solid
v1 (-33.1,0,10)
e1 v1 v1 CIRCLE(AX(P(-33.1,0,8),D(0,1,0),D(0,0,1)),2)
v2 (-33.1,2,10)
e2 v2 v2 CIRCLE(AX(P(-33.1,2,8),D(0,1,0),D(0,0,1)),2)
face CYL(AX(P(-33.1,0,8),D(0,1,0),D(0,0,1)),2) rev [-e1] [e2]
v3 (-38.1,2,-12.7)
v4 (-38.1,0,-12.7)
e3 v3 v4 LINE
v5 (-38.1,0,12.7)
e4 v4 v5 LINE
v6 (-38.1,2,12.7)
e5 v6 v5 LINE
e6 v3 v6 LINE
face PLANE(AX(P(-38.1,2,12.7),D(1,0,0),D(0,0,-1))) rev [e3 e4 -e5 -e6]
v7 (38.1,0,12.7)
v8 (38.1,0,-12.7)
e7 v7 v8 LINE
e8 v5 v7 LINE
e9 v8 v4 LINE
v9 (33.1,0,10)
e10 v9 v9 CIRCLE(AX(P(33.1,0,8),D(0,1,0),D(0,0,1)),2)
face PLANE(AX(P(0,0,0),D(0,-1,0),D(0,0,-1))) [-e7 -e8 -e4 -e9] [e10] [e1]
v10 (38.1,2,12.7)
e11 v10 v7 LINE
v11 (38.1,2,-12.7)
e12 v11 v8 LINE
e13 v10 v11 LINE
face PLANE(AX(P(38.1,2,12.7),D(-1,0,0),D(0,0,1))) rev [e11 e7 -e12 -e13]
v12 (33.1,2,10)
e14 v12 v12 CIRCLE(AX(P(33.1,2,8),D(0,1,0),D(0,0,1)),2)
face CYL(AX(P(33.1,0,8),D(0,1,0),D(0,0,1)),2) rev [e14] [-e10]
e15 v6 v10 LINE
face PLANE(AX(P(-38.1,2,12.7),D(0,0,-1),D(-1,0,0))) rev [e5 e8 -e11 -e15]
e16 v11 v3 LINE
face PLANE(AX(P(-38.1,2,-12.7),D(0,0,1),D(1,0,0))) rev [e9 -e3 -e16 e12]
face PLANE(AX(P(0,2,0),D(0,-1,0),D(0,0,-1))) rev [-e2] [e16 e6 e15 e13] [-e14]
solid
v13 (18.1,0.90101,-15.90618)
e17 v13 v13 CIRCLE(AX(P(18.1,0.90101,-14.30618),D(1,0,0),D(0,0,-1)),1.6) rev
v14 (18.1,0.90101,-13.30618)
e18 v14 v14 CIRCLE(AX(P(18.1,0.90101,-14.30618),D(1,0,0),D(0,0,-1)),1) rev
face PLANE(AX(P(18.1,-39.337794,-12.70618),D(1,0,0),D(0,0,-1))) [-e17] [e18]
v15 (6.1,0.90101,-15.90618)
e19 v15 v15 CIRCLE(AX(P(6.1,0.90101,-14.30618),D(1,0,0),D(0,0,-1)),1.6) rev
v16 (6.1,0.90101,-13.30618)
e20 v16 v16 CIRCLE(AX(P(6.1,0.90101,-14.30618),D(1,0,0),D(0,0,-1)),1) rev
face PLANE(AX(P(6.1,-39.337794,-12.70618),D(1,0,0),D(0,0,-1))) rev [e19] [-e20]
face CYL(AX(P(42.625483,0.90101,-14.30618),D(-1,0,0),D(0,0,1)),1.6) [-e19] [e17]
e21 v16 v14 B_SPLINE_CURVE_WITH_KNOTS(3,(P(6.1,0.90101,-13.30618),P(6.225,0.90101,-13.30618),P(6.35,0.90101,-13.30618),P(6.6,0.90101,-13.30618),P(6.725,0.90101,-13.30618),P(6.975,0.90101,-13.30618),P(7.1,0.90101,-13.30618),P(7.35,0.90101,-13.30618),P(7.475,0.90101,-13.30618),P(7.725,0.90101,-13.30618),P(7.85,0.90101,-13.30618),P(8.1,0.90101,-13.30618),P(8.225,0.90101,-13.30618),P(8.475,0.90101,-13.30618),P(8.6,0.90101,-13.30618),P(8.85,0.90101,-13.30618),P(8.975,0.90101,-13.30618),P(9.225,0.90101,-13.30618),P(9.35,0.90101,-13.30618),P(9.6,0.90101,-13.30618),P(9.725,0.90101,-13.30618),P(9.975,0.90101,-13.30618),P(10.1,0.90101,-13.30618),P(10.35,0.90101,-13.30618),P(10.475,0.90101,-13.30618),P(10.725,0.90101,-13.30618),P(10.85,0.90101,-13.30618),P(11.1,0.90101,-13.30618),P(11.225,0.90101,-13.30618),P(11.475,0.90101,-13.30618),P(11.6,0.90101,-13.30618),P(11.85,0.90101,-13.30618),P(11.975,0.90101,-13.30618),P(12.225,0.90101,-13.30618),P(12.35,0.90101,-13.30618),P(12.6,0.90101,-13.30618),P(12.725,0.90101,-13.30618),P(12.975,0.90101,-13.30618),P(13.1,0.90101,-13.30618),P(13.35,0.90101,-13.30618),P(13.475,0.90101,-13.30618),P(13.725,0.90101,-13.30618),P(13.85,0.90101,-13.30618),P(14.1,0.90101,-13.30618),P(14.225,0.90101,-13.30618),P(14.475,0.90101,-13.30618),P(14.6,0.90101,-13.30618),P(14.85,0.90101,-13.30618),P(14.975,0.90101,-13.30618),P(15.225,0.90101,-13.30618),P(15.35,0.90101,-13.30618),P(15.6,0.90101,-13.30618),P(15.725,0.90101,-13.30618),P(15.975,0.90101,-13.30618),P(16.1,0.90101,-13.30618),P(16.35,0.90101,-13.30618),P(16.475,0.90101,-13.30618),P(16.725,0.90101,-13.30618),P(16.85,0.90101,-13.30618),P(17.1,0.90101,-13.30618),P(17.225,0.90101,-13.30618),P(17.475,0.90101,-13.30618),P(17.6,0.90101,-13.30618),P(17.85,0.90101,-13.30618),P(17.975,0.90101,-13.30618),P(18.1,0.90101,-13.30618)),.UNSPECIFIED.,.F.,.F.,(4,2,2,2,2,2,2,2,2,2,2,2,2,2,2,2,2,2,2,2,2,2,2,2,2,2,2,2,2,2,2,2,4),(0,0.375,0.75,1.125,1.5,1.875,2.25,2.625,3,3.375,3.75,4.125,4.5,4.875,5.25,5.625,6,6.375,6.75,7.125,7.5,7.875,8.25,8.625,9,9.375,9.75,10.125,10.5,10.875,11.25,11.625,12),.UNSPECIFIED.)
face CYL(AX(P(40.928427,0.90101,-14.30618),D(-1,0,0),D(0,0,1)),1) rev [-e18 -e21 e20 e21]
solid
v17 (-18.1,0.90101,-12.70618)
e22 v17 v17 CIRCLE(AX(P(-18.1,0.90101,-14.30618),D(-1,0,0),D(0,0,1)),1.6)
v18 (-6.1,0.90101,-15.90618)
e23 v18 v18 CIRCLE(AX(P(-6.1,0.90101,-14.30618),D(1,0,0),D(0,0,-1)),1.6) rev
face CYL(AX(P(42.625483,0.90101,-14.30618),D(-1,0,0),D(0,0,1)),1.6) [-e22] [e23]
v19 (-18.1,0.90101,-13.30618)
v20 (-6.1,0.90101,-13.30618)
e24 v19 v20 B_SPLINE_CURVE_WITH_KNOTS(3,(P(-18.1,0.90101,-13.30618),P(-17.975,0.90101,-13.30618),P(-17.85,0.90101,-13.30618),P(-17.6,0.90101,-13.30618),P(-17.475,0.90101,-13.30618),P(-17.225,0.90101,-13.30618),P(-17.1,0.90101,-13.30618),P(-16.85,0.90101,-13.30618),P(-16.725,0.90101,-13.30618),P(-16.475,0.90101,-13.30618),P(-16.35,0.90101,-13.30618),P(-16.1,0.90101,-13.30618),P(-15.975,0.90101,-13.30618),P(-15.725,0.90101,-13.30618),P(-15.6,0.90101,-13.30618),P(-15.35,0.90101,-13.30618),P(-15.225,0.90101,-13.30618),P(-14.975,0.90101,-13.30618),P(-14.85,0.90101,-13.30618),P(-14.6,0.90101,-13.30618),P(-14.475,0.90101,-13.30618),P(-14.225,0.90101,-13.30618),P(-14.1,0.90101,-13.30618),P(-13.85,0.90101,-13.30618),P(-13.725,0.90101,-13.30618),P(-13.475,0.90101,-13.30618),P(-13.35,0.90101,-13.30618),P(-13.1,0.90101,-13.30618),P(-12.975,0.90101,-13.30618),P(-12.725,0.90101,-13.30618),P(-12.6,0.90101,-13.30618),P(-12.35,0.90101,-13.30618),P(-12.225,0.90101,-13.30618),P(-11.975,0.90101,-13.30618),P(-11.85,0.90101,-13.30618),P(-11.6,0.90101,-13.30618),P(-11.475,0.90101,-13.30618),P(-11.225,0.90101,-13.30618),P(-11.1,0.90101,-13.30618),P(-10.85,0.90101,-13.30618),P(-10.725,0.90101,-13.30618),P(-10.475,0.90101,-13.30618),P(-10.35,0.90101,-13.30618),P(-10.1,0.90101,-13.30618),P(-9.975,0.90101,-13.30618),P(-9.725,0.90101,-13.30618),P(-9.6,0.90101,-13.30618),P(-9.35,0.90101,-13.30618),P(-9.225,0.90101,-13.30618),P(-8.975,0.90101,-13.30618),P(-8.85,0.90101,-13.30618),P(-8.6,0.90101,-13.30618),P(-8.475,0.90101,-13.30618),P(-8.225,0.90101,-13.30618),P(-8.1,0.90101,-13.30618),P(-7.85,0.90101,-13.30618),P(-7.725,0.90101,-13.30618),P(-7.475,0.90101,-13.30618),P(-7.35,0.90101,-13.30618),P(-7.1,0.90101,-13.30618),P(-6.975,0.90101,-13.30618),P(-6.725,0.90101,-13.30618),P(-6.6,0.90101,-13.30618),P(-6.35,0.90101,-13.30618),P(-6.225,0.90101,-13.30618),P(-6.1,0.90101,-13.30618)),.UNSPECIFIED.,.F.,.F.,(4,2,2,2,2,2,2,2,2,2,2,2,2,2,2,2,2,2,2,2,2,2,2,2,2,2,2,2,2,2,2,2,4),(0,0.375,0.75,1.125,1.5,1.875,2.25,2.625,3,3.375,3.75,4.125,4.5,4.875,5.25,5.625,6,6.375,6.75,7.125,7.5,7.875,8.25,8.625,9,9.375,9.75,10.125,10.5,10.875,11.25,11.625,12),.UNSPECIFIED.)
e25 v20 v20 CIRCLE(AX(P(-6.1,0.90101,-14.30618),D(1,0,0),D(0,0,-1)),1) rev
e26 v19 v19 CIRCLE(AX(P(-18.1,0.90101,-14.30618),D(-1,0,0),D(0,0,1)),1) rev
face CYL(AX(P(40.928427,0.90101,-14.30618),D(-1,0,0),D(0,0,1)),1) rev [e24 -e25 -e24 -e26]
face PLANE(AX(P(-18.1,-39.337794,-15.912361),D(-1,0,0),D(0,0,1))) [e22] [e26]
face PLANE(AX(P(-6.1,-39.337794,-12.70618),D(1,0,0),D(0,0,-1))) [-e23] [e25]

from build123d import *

# Parameters (mm, degrees)
CROQUIS1_W                        = 76.2
CROQUIS1_H                        = 25.4
SALIENTE_EXTRUIR1_DEPTH           = 2
CROQUIS2_R                        = 1.6
SALIENTE_EXTRUIR2_DEPTH           = 76.2
CROQUIS3_R                        = 2
CORTAR_EXTRUIR1_DEPTH             = 2
CROQUIS4_R                        = 1
CORTAR_EXTRUIR2_DEPTH             = 76.2
CORTAR_EXTRUIR5_REACH             = 43.375
CROQUIS5_W                        = 20
CROQUIS5_H                        = 3.21236059
CROQUIS5_H_2                      = 3.2
CROQUIS5_W_2                      = 12.2
CORTAR_EXTRUIR5_DIRECTION_2_REACH = 43.375


with BuildPart() as part:
    # Croquis1 → Saliente-Extruir1 (new body)
    with BuildSketch(Plane(origin=(0, 0, 0), x_dir=(1, 0, 0), z_dir=(0, 1, 0))):
        Rectangle(CROQUIS1_W, CROQUIS1_H)
    extrude(amount=SALIENTE_EXTRUIR1_DEPTH)

    # Croquis3 → Cortar-Extruir1 (cut)
    with BuildSketch(Plane(origin=(0, 2, 0), x_dir=(1, 0, 0), z_dir=(0, 1, 0))):
        with Locations(Location((-33.1, -8, 0), (0, 0, 270))):
            Circle(CROQUIS3_R)
        with Locations(Location((33.1, -8, 0), (0, 0, 270))):
            Circle(CROQUIS3_R)
    extrude(amount=-CORTAR_EXTRUIR1_DEPTH, mode=Mode.SUBTRACT)


with BuildPart() as body_2:
    # Croquis2 → Saliente-Extruir2 (new body)
    with BuildSketch(Plane.ZY.offset(38.1)):
        with Locations((-14.306180295, 0.901009784)):
            Circle(CROQUIS2_R)
    extrude(amount=-SALIENTE_EXTRUIR2_DEPTH)

    # Croquis4 → Cortar-Extruir2 (cut)
    with BuildSketch(Plane.ZY.offset(38.1)):
        with Locations((-14.306180295, 0.901009784)):
            Circle(CROQUIS4_R)
    extrude(amount=-CORTAR_EXTRUIR2_DEPTH, mode=Mode.SUBTRACT)

    # Croquis5 → Cortar-Extruir5 (cut, up to next)
    with BuildSketch(Plane(origin=(0, 2, 0), x_dir=(1, 0, 0), z_dir=(0, 1, 0)), mode=Mode.PRIVATE) as cortar_extruir5_sk1:
        with Locations((-28.1, 14.306180295)):
            Rectangle(CROQUIS5_W, CROQUIS5_H)
    cortar_extruir5_tool1 = extrude(cortar_extruir5_sk1.sketch, amount=-CORTAR_EXTRUIR5_REACH, mode=Mode.PRIVATE) & body_2.part
    # Croquis5 → Cortar-Extruir5 (cut, up to next)
    with BuildSketch(Plane(origin=(0, 2, 0), x_dir=(1, 0, 0), z_dir=(0, 1, 0)), mode=Mode.PRIVATE) as cortar_extruir5_sk2:
        with Locations((28.1, 14.306180295)):
            Rectangle(CROQUIS5_W, CROQUIS5_H_2)
    cortar_extruir5_tool2 = extrude(cortar_extruir5_sk2.sketch, amount=-CORTAR_EXTRUIR5_REACH, mode=Mode.PRIVATE) & body_2.part
    # Croquis5 → Cortar-Extruir5 (cut, up to next)
    with BuildSketch(Plane(origin=(0, 2, 0), x_dir=(1, 0, 0), z_dir=(0, 1, 0)), mode=Mode.PRIVATE) as cortar_extruir5_sk3:
        with Locations((0, 14.306180295)):
            Rectangle(CROQUIS5_W_2, CROQUIS5_H_2)
    cortar_extruir5_tool3 = extrude(cortar_extruir5_sk3.sketch, amount=-CORTAR_EXTRUIR5_REACH, mode=Mode.PRIVATE) & body_2.part
    add(cortar_extruir5_tool1.solids().sort_by_distance((-28.1, 2, -14.30618))[0], mode=Mode.SUBTRACT)
    add(cortar_extruir5_tool2.solids().sort_by_distance((28.1, 2, -14.30618))[0], mode=Mode.SUBTRACT)
    add(cortar_extruir5_tool3.solids().sort_by_distance((0, 2, -14.30618))[0], mode=Mode.SUBTRACT)

    # Croquis5 → Cortar-Extruir5 direction 2 (cut, up to next)
    with BuildSketch(Plane(origin=(0, 2, 0), x_dir=(1, 0, 0), z_dir=(0, 1, 0)), mode=Mode.PRIVATE) as cortar_extruir5_direction_2_sk1:
        with Locations((-28.1, 14.306180295)):
            Rectangle(CROQUIS5_W, CROQUIS5_H)
    cortar_extruir5_direction_2_tool1 = extrude(cortar_extruir5_direction_2_sk1.sketch, amount=CORTAR_EXTRUIR5_DIRECTION_2_REACH, mode=Mode.PRIVATE) & body_2.part
    # Croquis5 → Cortar-Extruir5 direction 2 (cut, up to next)
    with BuildSketch(Plane(origin=(0, 2, 0), x_dir=(1, 0, 0), z_dir=(0, 1, 0)), mode=Mode.PRIVATE) as cortar_extruir5_direction_2_sk2:
        with Locations((28.1, 14.306180295)):
            Rectangle(CROQUIS5_W, CROQUIS5_H_2)
    cortar_extruir5_direction_2_tool2 = extrude(cortar_extruir5_direction_2_sk2.sketch, amount=CORTAR_EXTRUIR5_DIRECTION_2_REACH, mode=Mode.PRIVATE) & body_2.part
    # Croquis5 → Cortar-Extruir5 direction 2 (cut, up to next)
    with BuildSketch(Plane(origin=(0, 2, 0), x_dir=(1, 0, 0), z_dir=(0, 1, 0)), mode=Mode.PRIVATE) as cortar_extruir5_direction_2_sk3:
        with Locations((0, 14.306180295)):
            Rectangle(CROQUIS5_W_2, CROQUIS5_H_2)
    cortar_extruir5_direction_2_tool3 = extrude(cortar_extruir5_direction_2_sk3.sketch, amount=CORTAR_EXTRUIR5_DIRECTION_2_REACH, mode=Mode.PRIVATE) & body_2.part
    add(cortar_extruir5_direction_2_tool1.solids().sort_by_distance((-28.1, 2, -14.30618))[0], mode=Mode.SUBTRACT)
    add(cortar_extruir5_direction_2_tool2.solids().sort_by_distance((28.1, 2, -14.30618))[0], mode=Mode.SUBTRACT)
    add(cortar_extruir5_direction_2_tool3.solids().sort_by_distance((0, 2, -14.30618))[0], mode=Mode.SUBTRACT)


with BuildPart() as cortar_extruir5_piece_1:
    # of the separate pieces the step leaves, piece 1, a body of its own (cortar_extruir5_pieces)
    add(body_2.part.solids().sort_by_distance((6.1, 0.901009784, -12.706180295))[0])


with BuildPart() as cortar_extruir5_piece_2:
    # of the separate pieces the step leaves, piece 2, a body of its own (cortar_extruir5_pieces)
    add(body_2.part.solids().sort_by_distance((-18.1, 0.901009784, -12.706180295))[0])


solid = Compound([part.part, cortar_extruir5_piece_1.part, cortar_extruir5_piece_2.part])
